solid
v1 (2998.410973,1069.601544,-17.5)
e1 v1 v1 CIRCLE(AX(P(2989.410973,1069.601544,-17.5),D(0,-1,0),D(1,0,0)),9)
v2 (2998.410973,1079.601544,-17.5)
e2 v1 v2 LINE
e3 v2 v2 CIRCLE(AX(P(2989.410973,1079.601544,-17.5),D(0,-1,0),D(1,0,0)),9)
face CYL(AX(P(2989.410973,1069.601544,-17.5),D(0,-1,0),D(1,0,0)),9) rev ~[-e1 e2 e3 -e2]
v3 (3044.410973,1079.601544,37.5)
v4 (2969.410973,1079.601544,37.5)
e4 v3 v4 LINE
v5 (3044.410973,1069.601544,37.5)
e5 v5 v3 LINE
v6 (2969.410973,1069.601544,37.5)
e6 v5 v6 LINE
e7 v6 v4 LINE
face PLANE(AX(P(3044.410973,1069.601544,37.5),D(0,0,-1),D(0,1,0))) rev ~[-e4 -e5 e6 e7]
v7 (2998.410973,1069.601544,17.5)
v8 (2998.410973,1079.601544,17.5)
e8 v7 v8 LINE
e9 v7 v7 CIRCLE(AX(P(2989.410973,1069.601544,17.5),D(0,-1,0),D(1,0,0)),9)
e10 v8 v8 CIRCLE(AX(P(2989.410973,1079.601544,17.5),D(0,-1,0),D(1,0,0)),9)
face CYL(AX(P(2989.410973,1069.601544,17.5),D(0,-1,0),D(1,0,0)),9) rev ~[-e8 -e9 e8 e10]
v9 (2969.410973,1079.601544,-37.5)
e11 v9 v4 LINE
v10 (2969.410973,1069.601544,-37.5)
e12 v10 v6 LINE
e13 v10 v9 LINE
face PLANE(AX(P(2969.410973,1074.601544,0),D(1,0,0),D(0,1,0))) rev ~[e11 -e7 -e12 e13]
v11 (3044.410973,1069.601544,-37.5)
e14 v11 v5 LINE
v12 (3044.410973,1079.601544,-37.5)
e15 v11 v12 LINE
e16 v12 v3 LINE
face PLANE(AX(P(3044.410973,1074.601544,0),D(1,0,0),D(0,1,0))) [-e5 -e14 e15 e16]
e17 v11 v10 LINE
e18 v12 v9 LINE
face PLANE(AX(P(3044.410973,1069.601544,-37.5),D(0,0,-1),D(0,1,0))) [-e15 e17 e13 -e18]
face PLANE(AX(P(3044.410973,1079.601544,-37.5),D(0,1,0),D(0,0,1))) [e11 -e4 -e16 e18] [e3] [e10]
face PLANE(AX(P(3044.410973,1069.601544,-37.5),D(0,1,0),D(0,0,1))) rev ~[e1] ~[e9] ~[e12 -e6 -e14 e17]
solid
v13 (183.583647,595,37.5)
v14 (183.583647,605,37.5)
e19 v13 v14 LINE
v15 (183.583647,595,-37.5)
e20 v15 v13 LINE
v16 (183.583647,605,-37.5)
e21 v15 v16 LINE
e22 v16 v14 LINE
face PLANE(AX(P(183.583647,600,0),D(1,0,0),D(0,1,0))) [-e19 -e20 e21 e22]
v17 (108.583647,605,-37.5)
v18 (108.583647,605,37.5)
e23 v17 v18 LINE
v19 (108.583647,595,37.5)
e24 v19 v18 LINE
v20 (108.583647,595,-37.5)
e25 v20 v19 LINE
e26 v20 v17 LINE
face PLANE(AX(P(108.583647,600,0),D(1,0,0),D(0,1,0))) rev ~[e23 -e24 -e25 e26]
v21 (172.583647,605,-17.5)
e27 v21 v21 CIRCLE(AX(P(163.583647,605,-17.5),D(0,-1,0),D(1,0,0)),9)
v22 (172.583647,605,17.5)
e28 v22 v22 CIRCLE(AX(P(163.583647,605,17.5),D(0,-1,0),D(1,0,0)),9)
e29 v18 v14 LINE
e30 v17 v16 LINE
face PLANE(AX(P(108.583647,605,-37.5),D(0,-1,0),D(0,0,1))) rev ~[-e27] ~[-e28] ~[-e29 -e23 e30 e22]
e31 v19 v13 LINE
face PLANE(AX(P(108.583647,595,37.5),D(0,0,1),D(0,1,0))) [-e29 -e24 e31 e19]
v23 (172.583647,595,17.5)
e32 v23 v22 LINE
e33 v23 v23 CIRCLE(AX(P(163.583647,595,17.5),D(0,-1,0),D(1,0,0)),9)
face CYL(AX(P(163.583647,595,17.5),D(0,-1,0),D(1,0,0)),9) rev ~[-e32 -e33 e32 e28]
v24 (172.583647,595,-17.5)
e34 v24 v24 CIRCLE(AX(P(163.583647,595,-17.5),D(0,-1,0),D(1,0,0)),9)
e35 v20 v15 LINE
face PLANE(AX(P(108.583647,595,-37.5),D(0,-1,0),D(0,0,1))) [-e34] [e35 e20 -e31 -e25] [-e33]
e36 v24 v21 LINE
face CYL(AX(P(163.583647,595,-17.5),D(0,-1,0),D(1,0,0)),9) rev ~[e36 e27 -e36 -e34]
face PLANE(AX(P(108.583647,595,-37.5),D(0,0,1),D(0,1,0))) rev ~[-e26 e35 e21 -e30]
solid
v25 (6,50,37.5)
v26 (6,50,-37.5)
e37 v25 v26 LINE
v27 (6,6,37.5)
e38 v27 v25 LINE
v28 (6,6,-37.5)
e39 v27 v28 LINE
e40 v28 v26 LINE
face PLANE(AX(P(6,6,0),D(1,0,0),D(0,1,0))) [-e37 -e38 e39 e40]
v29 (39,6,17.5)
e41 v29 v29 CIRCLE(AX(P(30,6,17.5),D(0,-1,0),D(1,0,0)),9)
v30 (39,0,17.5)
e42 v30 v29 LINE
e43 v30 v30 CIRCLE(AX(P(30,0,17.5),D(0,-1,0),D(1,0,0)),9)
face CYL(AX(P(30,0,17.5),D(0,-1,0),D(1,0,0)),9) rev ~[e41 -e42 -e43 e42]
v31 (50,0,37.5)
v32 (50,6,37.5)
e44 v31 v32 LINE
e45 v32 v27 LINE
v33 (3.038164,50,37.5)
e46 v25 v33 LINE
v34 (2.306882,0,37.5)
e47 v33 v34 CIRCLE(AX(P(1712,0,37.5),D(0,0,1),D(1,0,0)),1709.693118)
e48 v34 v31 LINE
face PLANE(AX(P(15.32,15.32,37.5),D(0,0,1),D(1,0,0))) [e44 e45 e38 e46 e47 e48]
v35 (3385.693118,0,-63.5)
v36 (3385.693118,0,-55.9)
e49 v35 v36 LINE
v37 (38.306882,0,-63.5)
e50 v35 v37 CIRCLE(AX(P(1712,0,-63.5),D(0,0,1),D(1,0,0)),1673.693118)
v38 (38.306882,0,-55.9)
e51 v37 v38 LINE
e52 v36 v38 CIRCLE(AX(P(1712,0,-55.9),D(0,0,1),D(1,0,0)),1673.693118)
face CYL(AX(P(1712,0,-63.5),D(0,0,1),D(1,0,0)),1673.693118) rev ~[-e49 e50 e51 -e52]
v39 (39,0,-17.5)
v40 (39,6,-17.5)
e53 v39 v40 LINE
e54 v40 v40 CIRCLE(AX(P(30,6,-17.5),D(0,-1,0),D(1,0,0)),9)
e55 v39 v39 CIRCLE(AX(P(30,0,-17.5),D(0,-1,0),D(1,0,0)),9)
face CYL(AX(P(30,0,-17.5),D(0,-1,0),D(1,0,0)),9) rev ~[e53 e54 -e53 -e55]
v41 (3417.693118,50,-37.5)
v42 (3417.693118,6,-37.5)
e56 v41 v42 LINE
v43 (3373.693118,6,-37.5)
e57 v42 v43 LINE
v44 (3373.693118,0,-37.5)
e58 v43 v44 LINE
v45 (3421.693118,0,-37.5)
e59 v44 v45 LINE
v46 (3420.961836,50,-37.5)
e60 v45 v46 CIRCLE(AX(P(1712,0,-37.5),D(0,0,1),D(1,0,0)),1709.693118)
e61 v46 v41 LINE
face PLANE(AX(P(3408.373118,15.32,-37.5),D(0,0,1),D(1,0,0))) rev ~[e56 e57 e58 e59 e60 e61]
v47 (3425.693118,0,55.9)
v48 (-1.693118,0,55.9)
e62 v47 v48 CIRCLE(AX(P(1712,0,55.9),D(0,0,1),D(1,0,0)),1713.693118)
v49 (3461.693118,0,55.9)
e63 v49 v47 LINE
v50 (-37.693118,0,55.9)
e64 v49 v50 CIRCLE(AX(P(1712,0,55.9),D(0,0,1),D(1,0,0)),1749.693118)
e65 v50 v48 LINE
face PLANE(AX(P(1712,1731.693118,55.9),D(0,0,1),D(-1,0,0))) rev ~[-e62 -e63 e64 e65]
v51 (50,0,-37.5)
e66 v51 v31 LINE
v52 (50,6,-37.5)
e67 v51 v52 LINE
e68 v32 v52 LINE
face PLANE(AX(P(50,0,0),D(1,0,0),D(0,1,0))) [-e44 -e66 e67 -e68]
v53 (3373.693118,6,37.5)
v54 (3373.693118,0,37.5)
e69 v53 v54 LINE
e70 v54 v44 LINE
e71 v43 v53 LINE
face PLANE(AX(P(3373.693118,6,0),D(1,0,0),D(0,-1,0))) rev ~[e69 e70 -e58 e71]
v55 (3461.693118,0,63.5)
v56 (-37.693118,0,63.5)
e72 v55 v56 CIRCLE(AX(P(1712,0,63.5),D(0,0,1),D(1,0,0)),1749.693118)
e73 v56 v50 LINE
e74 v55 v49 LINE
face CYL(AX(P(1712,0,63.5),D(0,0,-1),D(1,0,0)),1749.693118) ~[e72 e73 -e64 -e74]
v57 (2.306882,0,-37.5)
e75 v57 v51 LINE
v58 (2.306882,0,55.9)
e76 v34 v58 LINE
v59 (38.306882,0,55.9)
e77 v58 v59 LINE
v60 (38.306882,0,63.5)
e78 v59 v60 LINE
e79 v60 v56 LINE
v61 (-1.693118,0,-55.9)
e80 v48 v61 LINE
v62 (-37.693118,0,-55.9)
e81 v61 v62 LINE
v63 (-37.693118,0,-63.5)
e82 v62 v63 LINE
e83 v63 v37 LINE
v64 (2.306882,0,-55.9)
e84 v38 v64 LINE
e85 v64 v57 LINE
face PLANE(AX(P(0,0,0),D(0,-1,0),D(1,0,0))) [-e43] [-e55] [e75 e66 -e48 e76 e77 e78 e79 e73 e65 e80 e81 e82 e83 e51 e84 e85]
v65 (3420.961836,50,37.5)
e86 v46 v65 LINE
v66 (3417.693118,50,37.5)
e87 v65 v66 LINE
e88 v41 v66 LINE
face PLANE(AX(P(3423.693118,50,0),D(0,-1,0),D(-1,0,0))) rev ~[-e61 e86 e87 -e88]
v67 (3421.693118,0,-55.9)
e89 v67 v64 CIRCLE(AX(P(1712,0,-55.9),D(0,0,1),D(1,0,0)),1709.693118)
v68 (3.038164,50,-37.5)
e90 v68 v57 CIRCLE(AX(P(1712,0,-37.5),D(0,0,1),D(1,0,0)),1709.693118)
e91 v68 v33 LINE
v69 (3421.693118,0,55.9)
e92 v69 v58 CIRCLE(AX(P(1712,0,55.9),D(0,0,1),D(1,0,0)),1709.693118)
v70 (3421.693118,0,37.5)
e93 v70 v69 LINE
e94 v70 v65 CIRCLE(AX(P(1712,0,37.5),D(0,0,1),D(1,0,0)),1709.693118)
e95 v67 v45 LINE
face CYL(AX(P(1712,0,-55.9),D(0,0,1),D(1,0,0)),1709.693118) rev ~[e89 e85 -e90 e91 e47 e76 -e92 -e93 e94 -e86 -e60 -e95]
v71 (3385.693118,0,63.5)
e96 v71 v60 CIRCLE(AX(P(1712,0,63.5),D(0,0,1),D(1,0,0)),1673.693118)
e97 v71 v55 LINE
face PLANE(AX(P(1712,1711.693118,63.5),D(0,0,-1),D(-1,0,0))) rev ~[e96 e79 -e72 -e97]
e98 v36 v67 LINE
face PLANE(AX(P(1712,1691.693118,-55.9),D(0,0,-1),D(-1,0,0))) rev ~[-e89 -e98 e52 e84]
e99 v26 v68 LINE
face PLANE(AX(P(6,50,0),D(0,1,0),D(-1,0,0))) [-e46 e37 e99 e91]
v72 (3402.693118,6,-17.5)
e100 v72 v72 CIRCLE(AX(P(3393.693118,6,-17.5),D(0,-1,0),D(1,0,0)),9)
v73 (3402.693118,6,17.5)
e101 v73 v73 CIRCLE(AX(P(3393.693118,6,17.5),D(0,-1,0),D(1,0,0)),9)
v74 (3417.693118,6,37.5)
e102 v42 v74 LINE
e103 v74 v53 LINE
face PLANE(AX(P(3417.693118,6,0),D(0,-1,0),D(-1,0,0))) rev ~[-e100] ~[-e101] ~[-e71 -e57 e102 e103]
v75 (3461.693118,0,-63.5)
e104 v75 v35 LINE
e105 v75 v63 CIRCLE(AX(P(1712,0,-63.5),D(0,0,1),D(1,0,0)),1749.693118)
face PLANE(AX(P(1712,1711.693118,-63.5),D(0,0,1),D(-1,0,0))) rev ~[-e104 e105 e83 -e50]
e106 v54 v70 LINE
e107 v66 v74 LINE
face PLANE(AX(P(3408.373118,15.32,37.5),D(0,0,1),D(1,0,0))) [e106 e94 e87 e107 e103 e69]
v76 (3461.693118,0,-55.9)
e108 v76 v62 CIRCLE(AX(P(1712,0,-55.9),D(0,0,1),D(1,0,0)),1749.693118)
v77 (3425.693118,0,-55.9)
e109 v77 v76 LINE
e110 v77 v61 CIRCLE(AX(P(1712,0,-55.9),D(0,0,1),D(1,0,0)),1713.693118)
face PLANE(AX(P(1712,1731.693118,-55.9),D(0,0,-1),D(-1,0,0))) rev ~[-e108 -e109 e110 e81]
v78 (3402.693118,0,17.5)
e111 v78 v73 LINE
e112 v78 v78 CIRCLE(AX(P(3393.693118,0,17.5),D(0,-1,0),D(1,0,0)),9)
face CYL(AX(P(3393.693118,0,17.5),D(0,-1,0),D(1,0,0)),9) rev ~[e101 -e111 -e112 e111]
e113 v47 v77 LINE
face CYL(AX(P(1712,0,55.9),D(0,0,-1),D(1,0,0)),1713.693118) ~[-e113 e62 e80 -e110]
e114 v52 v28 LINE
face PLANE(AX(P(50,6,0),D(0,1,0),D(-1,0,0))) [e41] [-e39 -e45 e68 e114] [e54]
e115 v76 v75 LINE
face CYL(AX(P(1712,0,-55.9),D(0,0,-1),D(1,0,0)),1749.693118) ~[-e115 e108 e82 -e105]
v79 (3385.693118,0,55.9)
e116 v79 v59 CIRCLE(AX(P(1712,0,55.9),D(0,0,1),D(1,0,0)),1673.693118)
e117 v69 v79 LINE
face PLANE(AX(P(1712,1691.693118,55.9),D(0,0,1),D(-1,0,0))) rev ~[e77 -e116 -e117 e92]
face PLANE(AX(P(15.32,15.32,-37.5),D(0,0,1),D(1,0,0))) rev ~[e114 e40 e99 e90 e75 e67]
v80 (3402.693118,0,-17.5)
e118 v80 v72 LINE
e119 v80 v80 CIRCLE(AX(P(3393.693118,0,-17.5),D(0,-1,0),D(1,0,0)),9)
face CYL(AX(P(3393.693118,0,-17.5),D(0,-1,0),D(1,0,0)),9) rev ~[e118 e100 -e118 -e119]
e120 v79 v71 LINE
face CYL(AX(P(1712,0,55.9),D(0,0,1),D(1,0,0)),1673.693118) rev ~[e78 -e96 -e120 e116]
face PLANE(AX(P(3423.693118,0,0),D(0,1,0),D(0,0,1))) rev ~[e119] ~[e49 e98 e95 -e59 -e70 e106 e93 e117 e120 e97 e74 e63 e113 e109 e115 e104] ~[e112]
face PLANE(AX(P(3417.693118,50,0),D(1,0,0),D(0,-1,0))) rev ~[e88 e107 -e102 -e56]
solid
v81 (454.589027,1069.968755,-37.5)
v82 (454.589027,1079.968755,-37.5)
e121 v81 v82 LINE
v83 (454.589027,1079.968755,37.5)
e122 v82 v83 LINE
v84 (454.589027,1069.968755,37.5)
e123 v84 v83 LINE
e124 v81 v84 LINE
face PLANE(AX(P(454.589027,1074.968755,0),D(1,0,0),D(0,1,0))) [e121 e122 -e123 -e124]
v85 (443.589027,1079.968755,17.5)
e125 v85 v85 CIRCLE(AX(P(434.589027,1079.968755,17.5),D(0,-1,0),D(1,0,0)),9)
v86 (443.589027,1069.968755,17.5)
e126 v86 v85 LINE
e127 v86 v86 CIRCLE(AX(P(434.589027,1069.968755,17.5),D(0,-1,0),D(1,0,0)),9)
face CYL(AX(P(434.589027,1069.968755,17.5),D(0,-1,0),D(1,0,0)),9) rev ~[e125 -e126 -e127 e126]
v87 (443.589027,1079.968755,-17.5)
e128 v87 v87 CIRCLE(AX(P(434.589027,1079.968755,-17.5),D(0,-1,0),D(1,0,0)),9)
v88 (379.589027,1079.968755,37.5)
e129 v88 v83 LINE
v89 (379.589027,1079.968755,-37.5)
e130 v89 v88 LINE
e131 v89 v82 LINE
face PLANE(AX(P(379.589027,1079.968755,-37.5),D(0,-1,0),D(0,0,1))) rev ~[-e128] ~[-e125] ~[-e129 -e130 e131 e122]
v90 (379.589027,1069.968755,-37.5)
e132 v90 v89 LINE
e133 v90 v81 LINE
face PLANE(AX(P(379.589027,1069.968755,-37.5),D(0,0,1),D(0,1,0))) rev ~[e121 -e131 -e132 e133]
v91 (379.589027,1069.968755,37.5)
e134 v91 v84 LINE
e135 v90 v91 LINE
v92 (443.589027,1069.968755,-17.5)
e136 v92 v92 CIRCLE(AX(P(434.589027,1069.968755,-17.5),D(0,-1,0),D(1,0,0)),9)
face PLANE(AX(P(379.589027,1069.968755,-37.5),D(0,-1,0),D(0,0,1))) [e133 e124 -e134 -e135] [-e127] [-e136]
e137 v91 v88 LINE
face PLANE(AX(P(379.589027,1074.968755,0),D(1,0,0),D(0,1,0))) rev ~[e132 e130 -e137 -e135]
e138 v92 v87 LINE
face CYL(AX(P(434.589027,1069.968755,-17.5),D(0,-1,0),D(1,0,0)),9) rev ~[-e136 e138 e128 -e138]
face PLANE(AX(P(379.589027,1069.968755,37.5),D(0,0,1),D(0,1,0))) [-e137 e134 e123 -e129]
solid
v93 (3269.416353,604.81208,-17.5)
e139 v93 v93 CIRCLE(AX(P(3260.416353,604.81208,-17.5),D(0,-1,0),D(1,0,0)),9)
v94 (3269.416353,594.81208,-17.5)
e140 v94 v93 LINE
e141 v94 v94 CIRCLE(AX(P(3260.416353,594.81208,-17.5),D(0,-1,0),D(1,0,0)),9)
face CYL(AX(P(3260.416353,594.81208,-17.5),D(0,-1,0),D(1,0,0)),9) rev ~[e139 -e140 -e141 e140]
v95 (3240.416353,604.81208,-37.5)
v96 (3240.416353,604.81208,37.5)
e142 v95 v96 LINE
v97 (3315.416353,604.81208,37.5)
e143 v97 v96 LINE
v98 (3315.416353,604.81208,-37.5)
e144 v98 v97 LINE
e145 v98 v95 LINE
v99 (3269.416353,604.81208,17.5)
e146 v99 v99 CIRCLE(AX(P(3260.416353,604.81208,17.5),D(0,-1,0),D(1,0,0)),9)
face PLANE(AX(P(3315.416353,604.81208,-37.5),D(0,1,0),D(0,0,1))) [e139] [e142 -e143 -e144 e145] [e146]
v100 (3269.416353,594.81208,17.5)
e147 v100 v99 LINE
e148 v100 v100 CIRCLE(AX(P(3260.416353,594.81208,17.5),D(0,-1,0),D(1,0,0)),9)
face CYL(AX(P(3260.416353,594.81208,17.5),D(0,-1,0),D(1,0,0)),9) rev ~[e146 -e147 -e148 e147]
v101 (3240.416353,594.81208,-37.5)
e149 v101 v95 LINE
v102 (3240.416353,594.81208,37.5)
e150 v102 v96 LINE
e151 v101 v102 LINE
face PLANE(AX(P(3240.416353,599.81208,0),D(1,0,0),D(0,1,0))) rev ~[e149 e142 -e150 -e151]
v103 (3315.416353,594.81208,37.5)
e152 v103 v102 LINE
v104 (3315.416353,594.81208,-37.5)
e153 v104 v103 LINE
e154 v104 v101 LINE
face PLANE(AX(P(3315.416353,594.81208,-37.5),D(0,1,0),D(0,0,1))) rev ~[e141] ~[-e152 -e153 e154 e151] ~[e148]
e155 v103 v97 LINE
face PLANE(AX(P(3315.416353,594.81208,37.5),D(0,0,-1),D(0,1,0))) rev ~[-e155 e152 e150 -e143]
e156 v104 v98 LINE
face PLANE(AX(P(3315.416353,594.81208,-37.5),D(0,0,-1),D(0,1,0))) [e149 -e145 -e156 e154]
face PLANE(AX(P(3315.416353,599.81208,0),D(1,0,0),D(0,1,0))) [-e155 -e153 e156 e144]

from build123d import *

# Parameters (mm, degrees)
F5_W      = 10
F5_H      = 75
F6_DEPTH  = 75
F9_W      = 10
F9_H      = 75
F10_DEPTH = 75
F11_W     = 10
F11_H     = 75
F12_DEPTH = 75
F13_W     = 10
F13_H     = 75
F14_DEPTH = 75
F15_R     = 9
F16_DEPTH = 10
F17_R     = 9
F18_DEPTH = 25
F19_R     = 9
F20_DEPTH = 25
F21_R     = 9
F22_DEPTH = 25
F24_DEPTH = 37.5
F25_R     = 9
F26_DEPTH = 25


with BuildPart() as f2:
    # F2: sweep along a path in F1
    with BuildLine(Plane.XY) as f2_path:
        ThreePointArc((3424, 0), (1712, 1712), (0, 0))
    # F0 (on Front) → F2 (sweep)
    with BuildSketch(Plane.XZ):
        Polygon((38.306882, 63.5), (-37.693118, 63.5), (-37.693118, 55.9), (-1.693118, 55.9), (-1.693118, -55.9), (-37.693118, -55.9), (-37.693118, -63.5), (38.306882, -63.5), (38.306882, -55.9), (2.306882, -55.9), (2.306882, 55.9), (38.306882, 55.9), align=None)
    sweep(path=f2_path.line)

    # F23 (on Top) → F24 (join, symmetric)
    with BuildSketch(Plane.XY):
        Polygon((3423.693118, 6), (3423.693118, 50), (3417.693118, 50), (3417.693118, 6), (3373.693118, 6), (3373.693118, 0), (3417.693118, 0), (3423.693118, 0), align=None)
        Polygon((6, 50), (0, 50), (0, 0), (6, 0), (50, 0), (50, 6), (6, 6), align=None)
    extrude(amount=F24_DEPTH, both=True)

    # F25 (on Front) → F26 (cut)
    with BuildSketch(Plane.XZ):
        with Locations((30, 17.5)):
            Circle(F25_R)
        with Locations((30, -17.5)):
            Circle(F25_R)
        with Locations((3393.693118, 17.5)):
            Circle(F25_R)
        with Locations((3393.693118, -17.5)):
            Circle(F25_R)
    extrude(amount=-F26_DEPTH, mode=Mode.SUBTRACT)


with BuildPart() as f6:
    # F5 (on face) → F6 (new body)
    with BuildSketch(Plane.YZ.offset(3044.410973)):
        with Locations((1074.601544, 0)):
            Rectangle(F5_W, F5_H)
    extrude(amount=-F6_DEPTH)

    # F21 (on face) → F22 (cut)
    with BuildSketch(Plane.XZ.offset(-1069.601544)):
        with Locations((2989.410973, 17.5)):
            Circle(F21_R)
        with Locations((2989.410973, -17.5)):
            Circle(F21_R)
    extrude(amount=-F22_DEPTH, mode=Mode.SUBTRACT)


with BuildPart() as f10:
    # F9 (on face) → F10 (new body)
    with BuildSketch(Plane.YZ.offset(108.583647)):
        with Locations((600, 0)):
            Rectangle(F9_W, F9_H)
    extrude(amount=F10_DEPTH)

    # F17 (on face) → F18 (cut)
    with BuildSketch(Plane.XZ.offset(-595)):
        with Locations((163.583647, 17.5)):
            Circle(F17_R)
        with Locations((163.583647, -17.5)):
            Circle(F17_R)
    extrude(amount=-F18_DEPTH, mode=Mode.SUBTRACT)


with BuildPart() as f12:
    # F11 (on face) → F12 (new body)
    with BuildSketch(Plane.YZ.offset(3315.416353)):
        with Locations((599.81208, 0)):
            Rectangle(F11_W, F11_H)
    extrude(amount=-F12_DEPTH)

    # F19 (on face) → F20 (cut)
    with BuildSketch(Plane.XZ.offset(-594.81208)):
        with Locations((3260.416353, 17.5)):
            Circle(F19_R)
        with Locations((3260.416353, -17.5)):
            Circle(F19_R)
    extrude(amount=-F20_DEPTH, mode=Mode.SUBTRACT)


with BuildPart() as f14:
    # F13 (on face) → F14 (new body)
    with BuildSketch(Plane.YZ.offset(379.589027)):
        with Locations((1074.968755, 0)):
            Rectangle(F13_W, F13_H)
    extrude(amount=F14_DEPTH)

    # F15 (on face) → F16 (cut)
    with BuildSketch(Plane.XZ.offset(-1069.968755)):
        with Locations((434.589027, 17.5)):
            Circle(F15_R)
        with Locations((434.589027, -17.5)):
            Circle(F15_R)
    extrude(amount=-F16_DEPTH, mode=Mode.SUBTRACT)


solid = Compound([f2.part, f6.part, f10.part, f12.part, f14.part])
